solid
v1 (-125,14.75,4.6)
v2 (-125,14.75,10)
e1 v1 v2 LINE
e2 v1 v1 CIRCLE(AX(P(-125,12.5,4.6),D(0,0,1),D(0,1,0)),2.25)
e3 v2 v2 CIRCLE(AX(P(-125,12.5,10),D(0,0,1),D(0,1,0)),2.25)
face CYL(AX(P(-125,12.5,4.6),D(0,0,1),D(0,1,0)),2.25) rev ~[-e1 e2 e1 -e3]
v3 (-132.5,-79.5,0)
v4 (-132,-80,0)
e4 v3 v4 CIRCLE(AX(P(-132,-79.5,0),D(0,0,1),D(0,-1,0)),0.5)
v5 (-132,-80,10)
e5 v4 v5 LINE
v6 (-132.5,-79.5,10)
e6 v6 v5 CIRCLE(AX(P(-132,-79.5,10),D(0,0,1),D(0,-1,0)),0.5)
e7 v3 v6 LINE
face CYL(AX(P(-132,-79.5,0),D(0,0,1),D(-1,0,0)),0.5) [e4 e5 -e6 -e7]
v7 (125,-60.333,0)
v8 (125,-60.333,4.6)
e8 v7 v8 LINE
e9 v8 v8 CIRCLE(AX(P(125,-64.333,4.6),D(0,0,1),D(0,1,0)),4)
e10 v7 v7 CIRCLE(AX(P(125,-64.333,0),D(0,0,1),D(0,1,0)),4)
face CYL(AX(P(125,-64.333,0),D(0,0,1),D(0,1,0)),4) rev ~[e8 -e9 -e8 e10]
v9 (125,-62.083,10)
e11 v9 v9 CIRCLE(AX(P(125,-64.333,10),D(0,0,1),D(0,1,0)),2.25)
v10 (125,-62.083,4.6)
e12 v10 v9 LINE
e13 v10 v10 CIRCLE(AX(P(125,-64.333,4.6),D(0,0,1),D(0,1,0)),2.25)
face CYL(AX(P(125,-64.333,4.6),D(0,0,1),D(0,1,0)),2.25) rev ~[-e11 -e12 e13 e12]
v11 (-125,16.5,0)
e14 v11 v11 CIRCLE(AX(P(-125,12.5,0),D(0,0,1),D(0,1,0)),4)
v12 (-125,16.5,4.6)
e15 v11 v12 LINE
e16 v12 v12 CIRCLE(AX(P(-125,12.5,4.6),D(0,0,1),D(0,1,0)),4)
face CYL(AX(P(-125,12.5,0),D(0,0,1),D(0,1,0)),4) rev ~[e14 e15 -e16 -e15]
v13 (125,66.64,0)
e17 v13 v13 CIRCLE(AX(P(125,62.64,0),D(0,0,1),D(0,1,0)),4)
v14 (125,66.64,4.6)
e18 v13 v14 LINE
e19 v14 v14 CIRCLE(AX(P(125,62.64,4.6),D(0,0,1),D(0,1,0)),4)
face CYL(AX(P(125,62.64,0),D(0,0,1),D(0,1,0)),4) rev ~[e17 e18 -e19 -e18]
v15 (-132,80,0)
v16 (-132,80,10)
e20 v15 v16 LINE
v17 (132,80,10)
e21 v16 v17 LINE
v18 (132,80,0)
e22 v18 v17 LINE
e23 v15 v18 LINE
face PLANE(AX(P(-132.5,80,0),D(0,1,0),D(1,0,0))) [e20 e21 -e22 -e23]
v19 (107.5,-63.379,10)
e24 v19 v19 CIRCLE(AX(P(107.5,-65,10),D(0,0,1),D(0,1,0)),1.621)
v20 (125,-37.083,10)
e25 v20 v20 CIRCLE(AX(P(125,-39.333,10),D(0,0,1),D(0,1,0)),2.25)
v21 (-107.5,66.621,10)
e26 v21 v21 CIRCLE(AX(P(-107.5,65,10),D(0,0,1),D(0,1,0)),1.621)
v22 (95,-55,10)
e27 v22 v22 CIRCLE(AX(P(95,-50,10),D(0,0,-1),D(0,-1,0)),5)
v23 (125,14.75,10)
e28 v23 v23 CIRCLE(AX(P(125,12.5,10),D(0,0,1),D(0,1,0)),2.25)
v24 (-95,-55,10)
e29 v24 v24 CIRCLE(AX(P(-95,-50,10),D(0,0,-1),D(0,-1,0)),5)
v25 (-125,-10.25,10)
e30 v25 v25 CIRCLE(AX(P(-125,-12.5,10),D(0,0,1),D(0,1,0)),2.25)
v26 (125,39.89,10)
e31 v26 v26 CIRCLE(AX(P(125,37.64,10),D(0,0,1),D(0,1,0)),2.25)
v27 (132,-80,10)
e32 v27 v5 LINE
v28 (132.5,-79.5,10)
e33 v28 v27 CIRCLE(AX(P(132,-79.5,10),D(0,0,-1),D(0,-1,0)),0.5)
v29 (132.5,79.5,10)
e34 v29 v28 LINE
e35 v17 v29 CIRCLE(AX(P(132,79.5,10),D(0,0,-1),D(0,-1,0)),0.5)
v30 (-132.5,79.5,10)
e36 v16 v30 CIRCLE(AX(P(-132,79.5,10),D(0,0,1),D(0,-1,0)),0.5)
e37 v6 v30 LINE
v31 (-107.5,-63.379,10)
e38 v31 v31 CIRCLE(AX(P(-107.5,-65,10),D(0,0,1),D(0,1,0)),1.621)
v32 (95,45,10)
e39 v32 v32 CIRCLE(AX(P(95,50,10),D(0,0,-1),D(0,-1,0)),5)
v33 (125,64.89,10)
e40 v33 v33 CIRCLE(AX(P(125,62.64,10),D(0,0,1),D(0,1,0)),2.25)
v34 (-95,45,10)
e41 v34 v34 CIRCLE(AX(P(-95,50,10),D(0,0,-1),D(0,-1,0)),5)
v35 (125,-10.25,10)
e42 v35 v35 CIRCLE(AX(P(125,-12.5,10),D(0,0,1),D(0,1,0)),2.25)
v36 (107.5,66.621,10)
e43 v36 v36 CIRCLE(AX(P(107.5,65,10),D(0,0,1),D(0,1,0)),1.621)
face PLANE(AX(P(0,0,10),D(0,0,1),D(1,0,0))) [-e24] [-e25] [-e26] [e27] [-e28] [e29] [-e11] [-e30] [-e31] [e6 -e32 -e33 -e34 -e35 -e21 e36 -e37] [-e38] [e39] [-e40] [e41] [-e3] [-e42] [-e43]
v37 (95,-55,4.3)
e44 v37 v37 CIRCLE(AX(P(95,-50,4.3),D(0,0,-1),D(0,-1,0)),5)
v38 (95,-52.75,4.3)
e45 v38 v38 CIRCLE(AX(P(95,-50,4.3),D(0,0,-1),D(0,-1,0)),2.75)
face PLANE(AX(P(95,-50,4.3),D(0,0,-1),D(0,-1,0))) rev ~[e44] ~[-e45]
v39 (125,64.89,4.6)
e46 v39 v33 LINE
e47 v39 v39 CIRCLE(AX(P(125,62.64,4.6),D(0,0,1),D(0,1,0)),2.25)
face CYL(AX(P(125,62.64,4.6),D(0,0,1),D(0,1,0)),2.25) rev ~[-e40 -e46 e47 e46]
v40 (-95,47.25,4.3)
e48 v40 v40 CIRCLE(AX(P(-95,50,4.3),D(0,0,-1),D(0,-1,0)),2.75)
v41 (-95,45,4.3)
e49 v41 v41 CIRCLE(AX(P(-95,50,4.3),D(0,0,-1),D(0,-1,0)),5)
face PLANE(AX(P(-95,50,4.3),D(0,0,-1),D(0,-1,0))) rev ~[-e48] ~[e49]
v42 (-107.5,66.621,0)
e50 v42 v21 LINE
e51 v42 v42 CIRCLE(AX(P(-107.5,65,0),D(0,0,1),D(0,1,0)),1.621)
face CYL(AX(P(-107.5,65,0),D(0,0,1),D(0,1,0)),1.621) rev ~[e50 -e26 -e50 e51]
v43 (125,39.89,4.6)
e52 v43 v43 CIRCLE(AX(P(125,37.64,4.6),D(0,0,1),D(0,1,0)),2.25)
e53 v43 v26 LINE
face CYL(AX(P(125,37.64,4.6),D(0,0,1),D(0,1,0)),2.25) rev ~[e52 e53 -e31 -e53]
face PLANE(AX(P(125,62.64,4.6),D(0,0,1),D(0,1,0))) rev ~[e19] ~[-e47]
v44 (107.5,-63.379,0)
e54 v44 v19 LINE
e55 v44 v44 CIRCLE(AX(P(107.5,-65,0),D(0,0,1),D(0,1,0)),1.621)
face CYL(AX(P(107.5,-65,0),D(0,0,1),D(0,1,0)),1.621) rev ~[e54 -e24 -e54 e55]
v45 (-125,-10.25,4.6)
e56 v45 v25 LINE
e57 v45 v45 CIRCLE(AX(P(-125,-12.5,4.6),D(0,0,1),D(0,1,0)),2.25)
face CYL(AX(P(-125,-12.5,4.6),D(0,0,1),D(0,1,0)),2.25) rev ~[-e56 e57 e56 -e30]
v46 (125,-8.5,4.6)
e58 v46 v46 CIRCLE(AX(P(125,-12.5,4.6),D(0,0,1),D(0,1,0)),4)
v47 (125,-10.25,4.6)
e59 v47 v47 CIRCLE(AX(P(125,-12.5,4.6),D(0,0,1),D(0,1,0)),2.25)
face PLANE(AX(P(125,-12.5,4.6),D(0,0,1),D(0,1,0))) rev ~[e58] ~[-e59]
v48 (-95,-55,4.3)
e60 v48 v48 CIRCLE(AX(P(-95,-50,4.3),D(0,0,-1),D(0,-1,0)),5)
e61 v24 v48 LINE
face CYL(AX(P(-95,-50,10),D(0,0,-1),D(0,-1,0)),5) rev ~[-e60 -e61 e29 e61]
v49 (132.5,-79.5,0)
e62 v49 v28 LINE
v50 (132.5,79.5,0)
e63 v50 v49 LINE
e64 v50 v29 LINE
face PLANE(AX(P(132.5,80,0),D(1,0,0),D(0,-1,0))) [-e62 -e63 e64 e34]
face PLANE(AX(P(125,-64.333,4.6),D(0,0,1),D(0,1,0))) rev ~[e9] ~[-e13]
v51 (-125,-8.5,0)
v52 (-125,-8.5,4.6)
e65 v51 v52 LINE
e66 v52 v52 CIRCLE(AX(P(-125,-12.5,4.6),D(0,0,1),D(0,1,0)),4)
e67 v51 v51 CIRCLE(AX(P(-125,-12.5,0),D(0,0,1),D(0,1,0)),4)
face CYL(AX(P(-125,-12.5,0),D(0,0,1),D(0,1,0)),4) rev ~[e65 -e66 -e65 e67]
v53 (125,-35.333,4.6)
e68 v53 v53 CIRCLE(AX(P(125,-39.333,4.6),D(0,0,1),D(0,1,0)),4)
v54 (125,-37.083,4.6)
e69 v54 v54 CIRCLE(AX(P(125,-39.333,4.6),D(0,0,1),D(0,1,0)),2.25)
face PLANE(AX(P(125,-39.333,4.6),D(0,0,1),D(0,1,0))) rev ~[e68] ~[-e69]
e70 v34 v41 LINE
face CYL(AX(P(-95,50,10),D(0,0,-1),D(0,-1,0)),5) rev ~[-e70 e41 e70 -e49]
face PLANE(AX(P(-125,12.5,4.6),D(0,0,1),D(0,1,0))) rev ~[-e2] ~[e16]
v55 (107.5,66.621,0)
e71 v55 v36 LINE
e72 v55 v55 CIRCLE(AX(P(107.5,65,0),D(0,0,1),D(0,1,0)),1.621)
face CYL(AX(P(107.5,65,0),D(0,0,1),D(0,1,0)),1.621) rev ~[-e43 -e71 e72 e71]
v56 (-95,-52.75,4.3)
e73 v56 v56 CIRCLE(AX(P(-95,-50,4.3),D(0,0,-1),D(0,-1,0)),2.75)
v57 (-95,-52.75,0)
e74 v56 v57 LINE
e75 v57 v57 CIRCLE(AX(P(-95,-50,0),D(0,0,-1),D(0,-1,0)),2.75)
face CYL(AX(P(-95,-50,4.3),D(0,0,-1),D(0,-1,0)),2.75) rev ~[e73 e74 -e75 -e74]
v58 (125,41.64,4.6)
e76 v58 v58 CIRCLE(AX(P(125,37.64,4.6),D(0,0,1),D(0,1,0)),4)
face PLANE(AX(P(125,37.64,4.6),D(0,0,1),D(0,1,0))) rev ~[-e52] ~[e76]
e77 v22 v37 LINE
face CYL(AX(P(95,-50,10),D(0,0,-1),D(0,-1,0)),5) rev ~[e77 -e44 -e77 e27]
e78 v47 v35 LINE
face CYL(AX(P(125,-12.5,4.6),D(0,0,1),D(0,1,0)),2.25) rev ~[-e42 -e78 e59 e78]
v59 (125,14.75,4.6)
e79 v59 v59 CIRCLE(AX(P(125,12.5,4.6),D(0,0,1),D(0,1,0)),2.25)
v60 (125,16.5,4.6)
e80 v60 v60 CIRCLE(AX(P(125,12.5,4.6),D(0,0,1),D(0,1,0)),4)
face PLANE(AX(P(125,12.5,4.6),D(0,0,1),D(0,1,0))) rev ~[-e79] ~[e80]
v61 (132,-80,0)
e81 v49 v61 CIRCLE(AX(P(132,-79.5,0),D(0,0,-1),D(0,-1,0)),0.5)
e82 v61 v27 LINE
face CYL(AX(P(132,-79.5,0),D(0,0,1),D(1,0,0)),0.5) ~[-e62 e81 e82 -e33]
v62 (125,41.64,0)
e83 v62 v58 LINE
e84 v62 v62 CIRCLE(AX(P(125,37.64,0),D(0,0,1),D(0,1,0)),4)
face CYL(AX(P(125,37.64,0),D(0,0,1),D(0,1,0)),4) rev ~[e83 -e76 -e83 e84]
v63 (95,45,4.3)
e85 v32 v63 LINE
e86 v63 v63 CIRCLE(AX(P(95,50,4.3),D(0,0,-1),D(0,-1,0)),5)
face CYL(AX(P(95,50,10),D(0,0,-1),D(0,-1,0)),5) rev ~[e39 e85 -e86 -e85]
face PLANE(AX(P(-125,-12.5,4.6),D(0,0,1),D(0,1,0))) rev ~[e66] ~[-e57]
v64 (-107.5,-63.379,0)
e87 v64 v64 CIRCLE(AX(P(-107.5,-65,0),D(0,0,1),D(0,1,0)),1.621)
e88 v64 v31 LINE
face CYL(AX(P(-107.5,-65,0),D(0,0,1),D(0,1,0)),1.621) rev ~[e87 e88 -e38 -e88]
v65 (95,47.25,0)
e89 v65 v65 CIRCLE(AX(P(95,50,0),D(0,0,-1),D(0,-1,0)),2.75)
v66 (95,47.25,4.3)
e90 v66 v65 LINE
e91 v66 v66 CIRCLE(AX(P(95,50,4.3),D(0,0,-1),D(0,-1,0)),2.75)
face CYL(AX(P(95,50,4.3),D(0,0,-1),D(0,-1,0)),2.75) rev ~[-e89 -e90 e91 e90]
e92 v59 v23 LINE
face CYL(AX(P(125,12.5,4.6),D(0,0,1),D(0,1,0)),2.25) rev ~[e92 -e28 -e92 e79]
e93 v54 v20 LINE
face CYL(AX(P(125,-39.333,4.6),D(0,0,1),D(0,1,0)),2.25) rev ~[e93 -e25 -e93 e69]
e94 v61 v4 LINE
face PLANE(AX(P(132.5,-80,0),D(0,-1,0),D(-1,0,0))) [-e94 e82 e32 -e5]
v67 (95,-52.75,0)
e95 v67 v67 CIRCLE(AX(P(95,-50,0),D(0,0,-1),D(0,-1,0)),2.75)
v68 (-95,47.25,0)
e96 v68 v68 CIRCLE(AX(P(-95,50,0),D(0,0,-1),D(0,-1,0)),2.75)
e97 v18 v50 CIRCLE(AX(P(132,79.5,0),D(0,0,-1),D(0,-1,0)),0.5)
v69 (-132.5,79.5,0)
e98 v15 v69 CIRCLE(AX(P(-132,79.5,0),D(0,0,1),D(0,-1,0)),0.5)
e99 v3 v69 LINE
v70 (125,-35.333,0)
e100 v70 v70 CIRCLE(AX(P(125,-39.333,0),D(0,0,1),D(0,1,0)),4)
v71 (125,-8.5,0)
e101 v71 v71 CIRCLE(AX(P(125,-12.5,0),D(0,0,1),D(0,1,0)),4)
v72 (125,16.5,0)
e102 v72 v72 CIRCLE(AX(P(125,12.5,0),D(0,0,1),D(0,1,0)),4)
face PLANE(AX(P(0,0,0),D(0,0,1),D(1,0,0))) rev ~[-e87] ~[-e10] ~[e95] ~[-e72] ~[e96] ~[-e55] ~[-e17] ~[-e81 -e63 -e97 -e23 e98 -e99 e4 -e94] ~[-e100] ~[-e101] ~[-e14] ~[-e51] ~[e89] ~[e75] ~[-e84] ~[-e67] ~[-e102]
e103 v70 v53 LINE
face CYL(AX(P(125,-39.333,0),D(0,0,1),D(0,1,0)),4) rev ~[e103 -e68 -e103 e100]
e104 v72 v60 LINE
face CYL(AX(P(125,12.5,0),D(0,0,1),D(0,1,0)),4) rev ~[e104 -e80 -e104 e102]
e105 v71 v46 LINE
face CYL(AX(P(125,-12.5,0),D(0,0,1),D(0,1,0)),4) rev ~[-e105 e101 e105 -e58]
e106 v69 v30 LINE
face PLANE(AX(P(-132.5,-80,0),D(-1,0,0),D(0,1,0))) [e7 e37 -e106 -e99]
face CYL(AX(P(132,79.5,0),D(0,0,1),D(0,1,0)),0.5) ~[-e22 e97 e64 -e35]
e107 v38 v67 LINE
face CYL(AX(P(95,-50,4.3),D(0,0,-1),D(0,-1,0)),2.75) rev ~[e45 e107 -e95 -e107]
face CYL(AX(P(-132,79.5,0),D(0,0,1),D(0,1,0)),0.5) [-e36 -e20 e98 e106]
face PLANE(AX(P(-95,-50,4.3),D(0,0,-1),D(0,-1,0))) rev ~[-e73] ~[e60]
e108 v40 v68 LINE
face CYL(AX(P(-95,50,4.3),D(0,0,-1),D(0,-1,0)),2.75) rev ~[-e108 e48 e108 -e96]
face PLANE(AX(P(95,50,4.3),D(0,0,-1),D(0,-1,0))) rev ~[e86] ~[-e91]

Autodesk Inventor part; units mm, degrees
ref_plane "YZ Plane" through (0, 0, 0) normal (1, 0, 0) x (0, 1, 0)
ref_plane "XZ Plane" through (0, 0, 0) normal (0, 1, 0) x (-1, 0, 0)
ref_plane "XY Plane" through (0, 0, 0) normal (0, 0, 1) x (1, 0, 0)
sketch "Esboço1" plane through (0, 0, 0) normal (0, 0, 1) x (1, 0, 0)
  line L0 (-185.5, 0) -> (185.5, 0) construction
  line L1 (0, -112) -> (0, 112) construction
  line L2 (-132.5, 80) -> (132.5, 80)
  line L3 (132.5, 80) -> (132.5, -80)
  line L4 (132.5, -80) -> (-132.5, -80)
  line L5 (-132.5, -80) -> (-132.5, 80)
  line L6 (-125, 80) -> (-125, -80) construction
  line L7 (125, 80) -> (125, -80) construction
  line L8 (125, 12.5) -> (125, -12.5) construction
  line L9 (125, 62.64) -> (125, 37.64) construction
  line L10 (125, 12.5) -> (125, -12.5) construction
  line L11 (125, -64.333) -> (125, -39.333) construction
  circle A0 centre (-107.5, -65) radius 10
  circle A1 centre (107.5, -65) radius 10
  circle A2 centre (-107.5, 65) radius 10
  circle A3 centre (107.5, 65) radius 10
  point P0 (0, 0)
  point P1 (-125, 12.5)
  point P2 (-125, -12.5)
  point P3 (125, 0)
  point P4 (125, 50.14)
  point P5 (125, -51.833)
  point P6 (125, 0)
  point P7 (-95, -50)
  point P8 (-95, 50)
  point P9 (95, -50)
  point P10 (95, 50)
  dimension "d0" = 265
  dimension "d1" = 160
  dimension "d3" = 25
  dimension "d5" = 250
  dimension "d6" = 50.14
  dimension "d16" = 51.833
  dimension "d18" = 20
  dimension "d19" = 25
  dimension "d20" = 15
  dimension "d28" = 100
  dimension "d29" = 190
extrude "Extrusão1" add sketch "Esboço1" along normal blind 10 contours L2 L3 L4 L5 | A0 | A1 | A2 | A3
hole "Furo1" at (-125, 12.5, 0) at (-125, -12.5, 0) at (125, -12.5, 0) at (125, 12.5, 0) at (125, 37.64, 0) at (125, 62.64, 0) at (125, -64.333, 0) at (125, -39.333, 0) direction (0, 0, 1) diameter 4.5 end through all counterbore diameter 8 counterbore depth 4.6 clearance for "Socket Head Cap Screw ISO 4762" size "M4" standard "ISO"
hole "Furo2" at (-107.5, -65, 0) at (107.5, -65, 0) at (107.5, 65, 0) at (-107.5, 65, 0) direction (0, 0, 1) diameter 3.242 end through all thread size "M4x0.7" class "6H" standard "ISO Metric profile"
sketch "Esboço2" plane through (0, 0, 10) normal (0, 0, 1) x (1, 0, 0)
  point P0 (0, 0)
  point P1 (-95, -50)
  point P2 (-95, 50)
  point P3 (95, -50)
  point P4 (95, 50)
hole "Furo3" at (-95, -50, 10) at (-95, 50, 10) at (95, -50, 10) at (95, 50, 10) direction (0, 0, -1) diameter 5.5 end through all counterbore diameter 10 counterbore depth 5.7 clearance for "Socket Head Cap Screw ISO 4762" size "M5" standard "ISO"
fillet "Arredondamento1" radius 0.5 4 edges at (-132.5, -80, 5) (-132.5, 80, 5) (132.5, 80, 5) (132.5, -80, 5)
properties part number "GRJ-03-113" material "Fenolite OR"
